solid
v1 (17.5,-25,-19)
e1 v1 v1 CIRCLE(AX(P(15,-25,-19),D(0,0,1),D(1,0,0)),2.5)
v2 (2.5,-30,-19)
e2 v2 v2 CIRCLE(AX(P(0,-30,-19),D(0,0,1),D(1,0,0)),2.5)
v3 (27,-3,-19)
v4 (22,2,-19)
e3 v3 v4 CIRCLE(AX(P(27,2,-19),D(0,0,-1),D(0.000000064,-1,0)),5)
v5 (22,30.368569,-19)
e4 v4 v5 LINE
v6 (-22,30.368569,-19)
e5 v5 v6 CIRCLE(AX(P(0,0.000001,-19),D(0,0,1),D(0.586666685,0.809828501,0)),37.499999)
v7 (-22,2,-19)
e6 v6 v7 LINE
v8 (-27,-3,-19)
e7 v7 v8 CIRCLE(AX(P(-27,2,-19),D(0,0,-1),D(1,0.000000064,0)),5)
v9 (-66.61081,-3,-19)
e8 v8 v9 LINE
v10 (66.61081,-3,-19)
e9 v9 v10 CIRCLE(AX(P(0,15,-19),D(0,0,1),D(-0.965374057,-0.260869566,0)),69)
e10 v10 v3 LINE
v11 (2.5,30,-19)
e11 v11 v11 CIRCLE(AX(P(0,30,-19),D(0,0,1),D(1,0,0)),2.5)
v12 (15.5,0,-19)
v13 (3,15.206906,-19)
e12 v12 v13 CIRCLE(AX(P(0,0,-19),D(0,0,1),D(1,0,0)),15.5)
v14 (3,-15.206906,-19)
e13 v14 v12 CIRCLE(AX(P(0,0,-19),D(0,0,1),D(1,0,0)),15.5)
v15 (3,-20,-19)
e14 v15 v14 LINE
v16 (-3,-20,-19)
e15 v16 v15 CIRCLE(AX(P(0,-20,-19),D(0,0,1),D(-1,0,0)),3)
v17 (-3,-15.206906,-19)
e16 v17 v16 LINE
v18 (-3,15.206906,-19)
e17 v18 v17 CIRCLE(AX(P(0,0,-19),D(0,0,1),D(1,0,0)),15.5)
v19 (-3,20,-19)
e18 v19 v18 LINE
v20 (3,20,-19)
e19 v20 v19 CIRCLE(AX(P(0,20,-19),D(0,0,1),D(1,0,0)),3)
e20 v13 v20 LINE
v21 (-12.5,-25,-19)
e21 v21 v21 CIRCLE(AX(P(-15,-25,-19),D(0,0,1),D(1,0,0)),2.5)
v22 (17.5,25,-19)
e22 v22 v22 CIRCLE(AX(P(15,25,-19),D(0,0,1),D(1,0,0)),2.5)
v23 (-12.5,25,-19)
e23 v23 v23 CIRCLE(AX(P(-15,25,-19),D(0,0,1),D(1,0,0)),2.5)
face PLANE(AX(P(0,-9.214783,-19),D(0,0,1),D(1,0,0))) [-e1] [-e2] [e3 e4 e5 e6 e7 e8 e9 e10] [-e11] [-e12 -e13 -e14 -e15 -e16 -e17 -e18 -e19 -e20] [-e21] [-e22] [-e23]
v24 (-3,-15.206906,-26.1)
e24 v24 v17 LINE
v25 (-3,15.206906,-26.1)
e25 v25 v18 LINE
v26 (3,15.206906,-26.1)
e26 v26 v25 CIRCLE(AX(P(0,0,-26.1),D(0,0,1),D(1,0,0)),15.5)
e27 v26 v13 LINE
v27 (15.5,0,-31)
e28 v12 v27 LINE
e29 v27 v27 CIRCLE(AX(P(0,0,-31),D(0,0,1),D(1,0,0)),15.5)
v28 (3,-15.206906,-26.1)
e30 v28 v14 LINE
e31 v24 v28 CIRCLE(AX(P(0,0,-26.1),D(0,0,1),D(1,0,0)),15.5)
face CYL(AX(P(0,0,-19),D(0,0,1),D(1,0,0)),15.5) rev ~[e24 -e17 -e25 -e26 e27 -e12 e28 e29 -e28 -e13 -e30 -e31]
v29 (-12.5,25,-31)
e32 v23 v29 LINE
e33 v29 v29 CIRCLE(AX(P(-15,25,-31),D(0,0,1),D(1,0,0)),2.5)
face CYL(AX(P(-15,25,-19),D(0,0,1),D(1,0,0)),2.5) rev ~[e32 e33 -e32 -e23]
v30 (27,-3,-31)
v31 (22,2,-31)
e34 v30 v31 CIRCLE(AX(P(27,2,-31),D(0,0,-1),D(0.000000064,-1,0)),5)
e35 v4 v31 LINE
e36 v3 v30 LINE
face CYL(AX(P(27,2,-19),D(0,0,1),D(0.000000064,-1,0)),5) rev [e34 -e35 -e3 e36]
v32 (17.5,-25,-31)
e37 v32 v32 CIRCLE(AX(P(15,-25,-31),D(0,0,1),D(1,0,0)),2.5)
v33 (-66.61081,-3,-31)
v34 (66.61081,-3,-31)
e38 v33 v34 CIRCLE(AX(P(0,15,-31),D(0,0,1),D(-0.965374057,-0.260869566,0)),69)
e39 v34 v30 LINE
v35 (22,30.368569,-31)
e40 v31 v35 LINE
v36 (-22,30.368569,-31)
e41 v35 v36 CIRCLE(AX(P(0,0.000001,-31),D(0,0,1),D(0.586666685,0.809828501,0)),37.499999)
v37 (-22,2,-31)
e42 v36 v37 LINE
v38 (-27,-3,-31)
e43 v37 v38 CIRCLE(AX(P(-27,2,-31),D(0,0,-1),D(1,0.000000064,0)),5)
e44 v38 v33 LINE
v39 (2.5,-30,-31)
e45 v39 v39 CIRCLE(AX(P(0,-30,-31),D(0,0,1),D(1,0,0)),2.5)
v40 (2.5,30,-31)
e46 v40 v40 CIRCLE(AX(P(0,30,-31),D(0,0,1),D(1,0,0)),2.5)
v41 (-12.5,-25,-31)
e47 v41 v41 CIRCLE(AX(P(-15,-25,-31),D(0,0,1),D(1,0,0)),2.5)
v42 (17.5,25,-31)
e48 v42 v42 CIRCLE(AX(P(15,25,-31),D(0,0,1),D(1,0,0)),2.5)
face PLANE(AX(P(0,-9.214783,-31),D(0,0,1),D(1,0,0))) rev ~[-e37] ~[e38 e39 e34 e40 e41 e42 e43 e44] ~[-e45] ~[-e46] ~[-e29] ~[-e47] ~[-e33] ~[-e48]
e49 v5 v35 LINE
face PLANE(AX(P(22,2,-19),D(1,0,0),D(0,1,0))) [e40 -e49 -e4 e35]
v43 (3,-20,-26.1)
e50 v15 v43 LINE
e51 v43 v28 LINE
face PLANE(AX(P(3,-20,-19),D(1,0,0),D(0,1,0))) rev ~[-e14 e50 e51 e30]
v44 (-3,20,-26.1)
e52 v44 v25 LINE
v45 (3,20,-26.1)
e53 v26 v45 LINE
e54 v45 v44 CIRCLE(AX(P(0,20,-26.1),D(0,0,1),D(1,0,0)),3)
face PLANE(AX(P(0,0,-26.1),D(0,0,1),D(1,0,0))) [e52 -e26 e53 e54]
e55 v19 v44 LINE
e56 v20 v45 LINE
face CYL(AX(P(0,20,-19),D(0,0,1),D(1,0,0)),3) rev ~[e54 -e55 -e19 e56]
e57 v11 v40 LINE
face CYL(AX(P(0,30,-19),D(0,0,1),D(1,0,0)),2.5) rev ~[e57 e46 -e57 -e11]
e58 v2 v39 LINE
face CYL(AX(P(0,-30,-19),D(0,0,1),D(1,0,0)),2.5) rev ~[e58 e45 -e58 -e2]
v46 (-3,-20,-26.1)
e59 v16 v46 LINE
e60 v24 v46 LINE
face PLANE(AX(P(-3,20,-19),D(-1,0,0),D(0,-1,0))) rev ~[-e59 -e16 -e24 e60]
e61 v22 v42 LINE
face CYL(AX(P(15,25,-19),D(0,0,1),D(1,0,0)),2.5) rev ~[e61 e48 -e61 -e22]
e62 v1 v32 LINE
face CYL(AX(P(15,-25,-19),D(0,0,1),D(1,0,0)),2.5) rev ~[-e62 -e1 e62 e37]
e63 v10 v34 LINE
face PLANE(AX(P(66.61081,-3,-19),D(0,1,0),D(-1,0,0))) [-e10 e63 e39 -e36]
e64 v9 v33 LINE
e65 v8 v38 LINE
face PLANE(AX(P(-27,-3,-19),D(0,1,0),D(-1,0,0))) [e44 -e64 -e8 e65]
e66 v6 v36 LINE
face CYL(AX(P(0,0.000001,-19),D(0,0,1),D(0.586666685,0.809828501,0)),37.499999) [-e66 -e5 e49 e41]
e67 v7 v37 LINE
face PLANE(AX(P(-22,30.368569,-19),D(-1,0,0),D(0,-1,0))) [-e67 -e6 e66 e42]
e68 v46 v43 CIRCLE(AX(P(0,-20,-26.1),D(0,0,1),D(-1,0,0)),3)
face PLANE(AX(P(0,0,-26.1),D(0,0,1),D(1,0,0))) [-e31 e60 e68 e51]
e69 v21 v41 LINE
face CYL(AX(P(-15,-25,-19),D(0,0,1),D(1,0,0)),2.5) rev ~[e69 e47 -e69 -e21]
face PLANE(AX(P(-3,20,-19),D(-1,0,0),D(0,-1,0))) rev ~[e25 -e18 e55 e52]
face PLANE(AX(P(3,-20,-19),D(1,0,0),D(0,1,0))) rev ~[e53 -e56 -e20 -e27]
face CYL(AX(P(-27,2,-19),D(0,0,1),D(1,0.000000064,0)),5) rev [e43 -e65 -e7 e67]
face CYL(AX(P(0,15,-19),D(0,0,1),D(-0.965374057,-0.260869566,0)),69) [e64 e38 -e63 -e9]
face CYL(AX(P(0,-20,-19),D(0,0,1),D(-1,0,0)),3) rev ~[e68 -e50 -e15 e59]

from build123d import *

# Parameters (mm, degrees)
F2_R     = 2.5
F2_R_2   = 15.5
F3_DEPTH = 12
F5_DEPTH = 7.1


with BuildPart() as f3:
    # F2 (on offset) → F3 (new body)
    with BuildSketch(Plane.XY.offset(-19)):
        with BuildLine():
            ThreePointArc((-22, 2), (-23.464466, -1.535534), (-27, -3))
            Line((-27, -3), (-66.61081, -3))
            ThreePointArc((-66.61081, -3), (0, -54), (66.61081, -3))
            Line((66.61081, -3), (27, -3))
            ThreePointArc((27, -3), (23.464466, -1.535534), (22, 2))
            Line((22, 2), (22, 30.368569))
            ThreePointArc((22, 30.368569), (0, 37.5), (-22, 30.368569))
            Line((-22, 30.368569), (-22, 2))
        make_face()
        with Locations((-15, -25)):
            Circle(F2_R, mode=Mode.SUBTRACT)
        with Locations((0, -30)):
            Circle(F2_R, mode=Mode.SUBTRACT)
        with Locations((15, -25)):
            Circle(F2_R, mode=Mode.SUBTRACT)
        with Locations((-15, 25)):
            Circle(F2_R, mode=Mode.SUBTRACT)
        Circle(F2_R_2, mode=Mode.SUBTRACT)
        with Locations((15, 25)):
            Circle(F2_R, mode=Mode.SUBTRACT)
        with Locations((0, 30)):
            Circle(F2_R, mode=Mode.SUBTRACT)
    extrude(amount=-F3_DEPTH)

    # F4 (on offset) → F5 (cut)
    with BuildSketch(Plane.XY.offset(-19)):
        with BuildLine():
            ThreePointArc((3, 20), (0, 23), (-3, 20))
            Line((-3, 20), (-3, 0))
            Line((-3, 0), (-3, -20))
            ThreePointArc((-3, -20), (0, -23), (3, -20))
            Line((3, -20), (3, 0))
            Line((3, 0), (3, 20))
        make_face()
    extrude(amount=-F5_DEPTH, mode=Mode.SUBTRACT)


solid = f3.part
